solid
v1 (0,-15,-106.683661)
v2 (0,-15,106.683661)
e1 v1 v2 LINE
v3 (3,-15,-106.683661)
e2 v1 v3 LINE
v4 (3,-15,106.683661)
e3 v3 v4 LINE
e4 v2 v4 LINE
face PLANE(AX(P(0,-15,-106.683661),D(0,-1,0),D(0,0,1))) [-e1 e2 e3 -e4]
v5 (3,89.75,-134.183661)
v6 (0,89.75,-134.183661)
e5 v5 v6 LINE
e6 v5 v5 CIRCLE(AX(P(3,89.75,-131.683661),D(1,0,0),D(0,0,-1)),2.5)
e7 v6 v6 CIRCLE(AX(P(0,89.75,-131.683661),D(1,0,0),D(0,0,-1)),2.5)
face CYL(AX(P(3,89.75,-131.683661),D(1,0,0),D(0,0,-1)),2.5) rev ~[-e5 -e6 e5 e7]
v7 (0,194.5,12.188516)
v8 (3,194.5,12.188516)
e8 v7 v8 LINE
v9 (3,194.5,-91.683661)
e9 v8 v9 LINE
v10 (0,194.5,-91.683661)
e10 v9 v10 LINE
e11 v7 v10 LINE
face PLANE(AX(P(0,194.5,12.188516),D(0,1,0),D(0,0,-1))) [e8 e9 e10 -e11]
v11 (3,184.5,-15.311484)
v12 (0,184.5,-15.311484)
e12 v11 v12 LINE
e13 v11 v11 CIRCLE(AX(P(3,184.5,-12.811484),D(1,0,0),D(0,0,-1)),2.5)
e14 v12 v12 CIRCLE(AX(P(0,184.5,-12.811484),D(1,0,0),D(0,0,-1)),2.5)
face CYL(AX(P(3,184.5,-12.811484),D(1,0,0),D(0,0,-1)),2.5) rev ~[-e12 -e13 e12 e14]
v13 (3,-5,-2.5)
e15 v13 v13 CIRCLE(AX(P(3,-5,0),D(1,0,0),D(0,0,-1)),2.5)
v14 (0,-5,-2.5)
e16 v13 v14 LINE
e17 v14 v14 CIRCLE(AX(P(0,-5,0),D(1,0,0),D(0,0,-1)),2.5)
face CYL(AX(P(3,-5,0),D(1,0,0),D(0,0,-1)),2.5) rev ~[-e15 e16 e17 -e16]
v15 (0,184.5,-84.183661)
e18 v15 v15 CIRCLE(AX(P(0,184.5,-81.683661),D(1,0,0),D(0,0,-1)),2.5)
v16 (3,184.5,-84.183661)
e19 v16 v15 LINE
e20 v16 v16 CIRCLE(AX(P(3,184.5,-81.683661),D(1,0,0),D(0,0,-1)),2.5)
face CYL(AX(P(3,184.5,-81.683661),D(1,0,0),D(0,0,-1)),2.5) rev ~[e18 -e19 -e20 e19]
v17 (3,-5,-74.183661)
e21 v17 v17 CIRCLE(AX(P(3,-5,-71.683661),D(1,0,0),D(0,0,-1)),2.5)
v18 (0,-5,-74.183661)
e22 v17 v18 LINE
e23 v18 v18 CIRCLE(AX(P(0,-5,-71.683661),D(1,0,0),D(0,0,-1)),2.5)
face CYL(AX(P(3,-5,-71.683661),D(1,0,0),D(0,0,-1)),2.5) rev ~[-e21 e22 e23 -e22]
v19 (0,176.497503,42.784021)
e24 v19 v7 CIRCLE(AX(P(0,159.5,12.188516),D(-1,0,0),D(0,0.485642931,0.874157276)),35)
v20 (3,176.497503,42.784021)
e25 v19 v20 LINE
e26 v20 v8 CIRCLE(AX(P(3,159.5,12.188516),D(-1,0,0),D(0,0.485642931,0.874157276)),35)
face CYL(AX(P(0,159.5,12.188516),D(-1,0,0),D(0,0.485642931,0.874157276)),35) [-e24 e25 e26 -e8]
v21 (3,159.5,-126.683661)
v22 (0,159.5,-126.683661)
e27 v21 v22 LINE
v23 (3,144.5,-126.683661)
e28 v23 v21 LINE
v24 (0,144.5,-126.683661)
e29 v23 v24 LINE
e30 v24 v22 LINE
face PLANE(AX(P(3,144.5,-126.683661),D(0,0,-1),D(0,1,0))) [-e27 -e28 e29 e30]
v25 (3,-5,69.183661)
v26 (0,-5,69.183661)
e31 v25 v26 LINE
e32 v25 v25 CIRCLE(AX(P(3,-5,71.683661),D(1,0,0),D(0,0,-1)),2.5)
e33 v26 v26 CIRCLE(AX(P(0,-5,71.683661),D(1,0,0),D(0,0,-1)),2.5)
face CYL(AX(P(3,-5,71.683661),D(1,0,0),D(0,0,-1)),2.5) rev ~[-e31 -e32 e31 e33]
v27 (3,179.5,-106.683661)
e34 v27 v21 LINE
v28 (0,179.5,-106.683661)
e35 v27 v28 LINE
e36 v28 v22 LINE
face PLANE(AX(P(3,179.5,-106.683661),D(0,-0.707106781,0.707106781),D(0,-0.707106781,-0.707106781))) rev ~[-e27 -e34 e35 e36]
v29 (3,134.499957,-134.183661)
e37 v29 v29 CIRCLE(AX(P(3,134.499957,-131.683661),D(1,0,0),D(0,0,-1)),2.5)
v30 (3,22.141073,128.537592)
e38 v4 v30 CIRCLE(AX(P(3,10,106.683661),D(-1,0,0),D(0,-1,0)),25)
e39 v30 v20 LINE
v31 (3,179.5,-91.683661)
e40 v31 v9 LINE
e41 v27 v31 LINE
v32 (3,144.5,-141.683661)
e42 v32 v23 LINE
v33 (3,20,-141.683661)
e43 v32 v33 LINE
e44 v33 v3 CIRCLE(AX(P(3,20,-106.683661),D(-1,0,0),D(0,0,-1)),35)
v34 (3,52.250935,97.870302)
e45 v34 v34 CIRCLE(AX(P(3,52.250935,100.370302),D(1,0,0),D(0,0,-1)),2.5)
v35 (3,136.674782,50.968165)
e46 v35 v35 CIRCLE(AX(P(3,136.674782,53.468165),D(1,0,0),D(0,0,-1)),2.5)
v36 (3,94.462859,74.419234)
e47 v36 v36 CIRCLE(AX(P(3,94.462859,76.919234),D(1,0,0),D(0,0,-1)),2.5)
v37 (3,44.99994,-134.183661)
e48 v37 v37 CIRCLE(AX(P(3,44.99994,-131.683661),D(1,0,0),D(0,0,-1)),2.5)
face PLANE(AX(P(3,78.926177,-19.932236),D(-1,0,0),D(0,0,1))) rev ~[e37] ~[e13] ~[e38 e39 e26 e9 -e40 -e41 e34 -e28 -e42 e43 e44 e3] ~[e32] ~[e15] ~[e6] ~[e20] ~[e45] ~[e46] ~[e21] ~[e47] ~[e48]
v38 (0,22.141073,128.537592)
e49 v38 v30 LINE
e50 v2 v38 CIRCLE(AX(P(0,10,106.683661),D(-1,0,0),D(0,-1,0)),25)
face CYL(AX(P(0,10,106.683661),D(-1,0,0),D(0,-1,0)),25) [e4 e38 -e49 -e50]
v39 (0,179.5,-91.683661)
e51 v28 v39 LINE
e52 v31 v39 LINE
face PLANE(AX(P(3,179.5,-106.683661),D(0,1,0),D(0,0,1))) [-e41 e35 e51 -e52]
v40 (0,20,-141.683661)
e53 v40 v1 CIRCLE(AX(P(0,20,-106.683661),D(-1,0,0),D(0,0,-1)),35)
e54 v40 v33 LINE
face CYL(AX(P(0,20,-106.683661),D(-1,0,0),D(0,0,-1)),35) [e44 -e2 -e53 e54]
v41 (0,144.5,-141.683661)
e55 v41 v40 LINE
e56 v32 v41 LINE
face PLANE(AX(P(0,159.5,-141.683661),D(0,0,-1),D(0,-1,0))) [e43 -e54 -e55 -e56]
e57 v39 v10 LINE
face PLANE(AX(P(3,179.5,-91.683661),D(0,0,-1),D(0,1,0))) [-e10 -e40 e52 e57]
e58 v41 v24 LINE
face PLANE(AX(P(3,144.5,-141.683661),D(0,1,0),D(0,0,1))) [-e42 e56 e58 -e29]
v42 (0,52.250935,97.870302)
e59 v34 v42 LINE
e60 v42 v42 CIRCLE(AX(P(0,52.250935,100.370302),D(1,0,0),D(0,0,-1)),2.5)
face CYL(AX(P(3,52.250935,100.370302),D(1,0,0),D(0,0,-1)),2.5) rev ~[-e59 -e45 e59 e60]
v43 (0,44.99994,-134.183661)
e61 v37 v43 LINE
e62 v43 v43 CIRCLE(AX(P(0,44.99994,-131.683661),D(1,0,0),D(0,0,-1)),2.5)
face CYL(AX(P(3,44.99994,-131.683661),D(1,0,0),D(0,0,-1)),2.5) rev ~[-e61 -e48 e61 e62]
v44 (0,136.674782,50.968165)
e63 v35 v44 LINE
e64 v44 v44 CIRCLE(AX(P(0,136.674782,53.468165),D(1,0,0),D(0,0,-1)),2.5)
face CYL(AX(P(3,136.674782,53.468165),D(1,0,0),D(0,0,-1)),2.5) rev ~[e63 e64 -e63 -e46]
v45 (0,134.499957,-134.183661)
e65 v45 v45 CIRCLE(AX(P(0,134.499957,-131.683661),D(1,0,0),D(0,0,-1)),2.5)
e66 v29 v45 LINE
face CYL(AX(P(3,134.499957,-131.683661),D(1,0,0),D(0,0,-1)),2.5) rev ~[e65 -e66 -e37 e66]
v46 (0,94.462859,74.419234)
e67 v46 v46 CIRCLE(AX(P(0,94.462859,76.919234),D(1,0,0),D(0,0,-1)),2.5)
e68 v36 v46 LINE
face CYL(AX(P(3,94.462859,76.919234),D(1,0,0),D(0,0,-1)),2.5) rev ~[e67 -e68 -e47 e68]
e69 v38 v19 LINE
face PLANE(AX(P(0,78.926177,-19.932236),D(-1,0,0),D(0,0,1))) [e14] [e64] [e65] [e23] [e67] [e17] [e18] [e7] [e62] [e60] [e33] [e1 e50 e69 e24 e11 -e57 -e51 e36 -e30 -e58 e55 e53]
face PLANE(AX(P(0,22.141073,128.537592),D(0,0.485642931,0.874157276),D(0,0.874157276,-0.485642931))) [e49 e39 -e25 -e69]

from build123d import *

# Parameters (mm, degrees)
BOSS_EXTRUDE1_DEPTH = 3
CUT_EXTRUDE1_REACH  = 242.652
SKETCH2_R           = 2.5
CUT_EXTRUDE2_REACH  = 242.652
CUT_EXTRUDE3_REACH  = 242.652


with BuildPart() as part:
    # Sketch1 → Boss-Extrude1 (new body)
    with BuildSketch(Plane(origin=(0, 0, 0), x_dir=(0, 0, -1), z_dir=(1, 0, 0))):
        with BuildLine():
            Line((-12.188515962, 194.5), (106.683660563, 194.5))
            ThreePointArc((106.683660563, 194.5), (131.432397904, 184.248737342), (141.683660563, 159.5))
            Line((141.683660563, 159.5), (141.683660563, 20))
            ThreePointArc((141.683660563, 20), (131.432397904, -4.748737342), (106.683660563, -15))
            Line((106.683660563, -15), (-106.683660563, -15))
            ThreePointArc((-106.683660563, -15), (-128.230433314, -2.678193247), (-128.537592466, 22.141073279))
            Line((-128.537592466, 22.141073279), (-42.784020626, 176.497502591))
            ThreePointArc((-42.784020626, 176.497502591), (-29.937986507, 189.665481852), (-12.188515962, 194.5))
        make_face()
    extrude(amount=BOSS_EXTRUDE1_DEPTH)

    # Sketch2 → Cut-Extrude1 (cut, up to next)
    with BuildSketch(Plane(origin=(3, 0, 0), x_dir=(0, 0, -1), z_dir=(1, 0, 0)), mode=Mode.PRIVATE) as cut_extrude1_sk1:
        with Locations((81.683660563, 184.5)):
            Circle(SKETCH2_R)
    cut_extrude1_tool1 = extrude(cut_extrude1_sk1.sketch, amount=-CUT_EXTRUDE1_REACH, mode=Mode.PRIVATE) & part.part
    # Sketch2 → Cut-Extrude1 (cut, up to next)
    with BuildSketch(Plane(origin=(3, 0, 0), x_dir=(0, 0, -1), z_dir=(1, 0, 0)), mode=Mode.PRIVATE) as cut_extrude1_sk2:
        with Locations((12.811484038, 184.5)):
            Circle(SKETCH2_R)
    cut_extrude1_tool2 = extrude(cut_extrude1_sk2.sketch, amount=-CUT_EXTRUDE1_REACH, mode=Mode.PRIVATE) & part.part
    # Sketch2 → Cut-Extrude1 (cut, up to next)
    with BuildSketch(Plane(origin=(3, 0, 0), x_dir=(0, 0, -1), z_dir=(1, 0, 0)), mode=Mode.PRIVATE) as cut_extrude1_sk3:
        with Locations((131.683660563, 134.49995686)):
            Circle(SKETCH2_R)
    cut_extrude1_tool3 = extrude(cut_extrude1_sk3.sketch, amount=-CUT_EXTRUDE1_REACH, mode=Mode.PRIVATE) & part.part
    # Sketch2 → Cut-Extrude1 (cut, up to next)
    with BuildSketch(Plane(origin=(3, 0, 0), x_dir=(0, 0, -1), z_dir=(1, 0, 0)), mode=Mode.PRIVATE) as cut_extrude1_sk4:
        with Locations((131.683660563, 89.75)):
            Circle(SKETCH2_R)
    cut_extrude1_tool4 = extrude(cut_extrude1_sk4.sketch, amount=-CUT_EXTRUDE1_REACH, mode=Mode.PRIVATE) & part.part
    # Sketch2 → Cut-Extrude1 (cut, up to next)
    with BuildSketch(Plane(origin=(3, 0, 0), x_dir=(0, 0, -1), z_dir=(1, 0, 0)), mode=Mode.PRIVATE) as cut_extrude1_sk5:
        with Locations((131.683660563, 44.999939605)):
            Circle(SKETCH2_R)
    cut_extrude1_tool5 = extrude(cut_extrude1_sk5.sketch, amount=-CUT_EXTRUDE1_REACH, mode=Mode.PRIVATE) & part.part
    # Sketch2 → Cut-Extrude1 (cut, up to next)
    with BuildSketch(Plane(origin=(3, 0, 0), x_dir=(0, 0, -1), z_dir=(1, 0, 0)), mode=Mode.PRIVATE) as cut_extrude1_sk6:
        with Locations((71.683660563, -5)):
            Circle(SKETCH2_R)
    cut_extrude1_tool6 = extrude(cut_extrude1_sk6.sketch, amount=-CUT_EXTRUDE1_REACH, mode=Mode.PRIVATE) & part.part
    # Sketch2 → Cut-Extrude1 (cut, up to next)
    with BuildSketch(Plane(origin=(3, 0, 0), x_dir=(0, 0, -1), z_dir=(1, 0, 0)), mode=Mode.PRIVATE) as cut_extrude1_sk7:
        with Locations((0, -5)):
            Circle(SKETCH2_R)
    cut_extrude1_tool7 = extrude(cut_extrude1_sk7.sketch, amount=-CUT_EXTRUDE1_REACH, mode=Mode.PRIVATE) & part.part
    # Sketch2 → Cut-Extrude1 (cut, up to next)
    with BuildSketch(Plane(origin=(3, 0, 0), x_dir=(0, 0, -1), z_dir=(1, 0, 0)), mode=Mode.PRIVATE) as cut_extrude1_sk8:
        with Locations((-71.683660563, -5)):
            Circle(SKETCH2_R)
    cut_extrude1_tool8 = extrude(cut_extrude1_sk8.sketch, amount=-CUT_EXTRUDE1_REACH, mode=Mode.PRIVATE) & part.part
    # Sketch2 → Cut-Extrude1 (cut, up to next)
    with BuildSketch(Plane(origin=(3, 0, 0), x_dir=(0, 0, -1), z_dir=(1, 0, 0)), mode=Mode.PRIVATE) as cut_extrude1_sk9:
        with Locations((-100.370302458, 52.250935013)):
            Circle(SKETCH2_R)
    cut_extrude1_tool9 = extrude(cut_extrude1_sk9.sketch, amount=-CUT_EXTRUDE1_REACH, mode=Mode.PRIVATE) & part.part
    # Sketch2 → Cut-Extrude1 (cut, up to next)
    with BuildSketch(Plane(origin=(3, 0, 0), x_dir=(0, 0, -1), z_dir=(1, 0, 0)), mode=Mode.PRIVATE) as cut_extrude1_sk10:
        with Locations((-76.919233785, 94.462858624)):
            Circle(SKETCH2_R)
    cut_extrude1_tool10 = extrude(cut_extrude1_sk10.sketch, amount=-CUT_EXTRUDE1_REACH, mode=Mode.PRIVATE) & part.part
    # Sketch2 → Cut-Extrude1 (cut, up to next)
    with BuildSketch(Plane(origin=(3, 0, 0), x_dir=(0, 0, -1), z_dir=(1, 0, 0)), mode=Mode.PRIVATE) as cut_extrude1_sk11:
        with Locations((-53.468165112, 136.674782235)):
            Circle(SKETCH2_R)
    cut_extrude1_tool11 = extrude(cut_extrude1_sk11.sketch, amount=-CUT_EXTRUDE1_REACH, mode=Mode.PRIVATE) & part.part
    add(cut_extrude1_tool1.solids().sort_by_distance((3, 184.5, -81.683661))[0], mode=Mode.SUBTRACT)
    add(cut_extrude1_tool2.solids().sort_by_distance((3, 184.5, -12.811484))[0], mode=Mode.SUBTRACT)
    add(cut_extrude1_tool3.solids().sort_by_distance((3, 134.499957, -131.683661))[0], mode=Mode.SUBTRACT)
    add(cut_extrude1_tool4.solids().sort_by_distance((3, 89.75, -131.683661))[0], mode=Mode.SUBTRACT)
    add(cut_extrude1_tool5.solids().sort_by_distance((3, 44.99994, -131.683661))[0], mode=Mode.SUBTRACT)
    add(cut_extrude1_tool6.solids().sort_by_distance((3, -5, -71.683661))[0], mode=Mode.SUBTRACT)
    add(cut_extrude1_tool7.solids().sort_by_distance((3, -5, 0))[0], mode=Mode.SUBTRACT)
    add(cut_extrude1_tool8.solids().sort_by_distance((3, -5, 71.683661))[0], mode=Mode.SUBTRACT)
    add(cut_extrude1_tool9.solids().sort_by_distance((3, 52.250935, 100.370302))[0], mode=Mode.SUBTRACT)
    add(cut_extrude1_tool10.solids().sort_by_distance((3, 94.462859, 76.919234))[0], mode=Mode.SUBTRACT)
    add(cut_extrude1_tool11.solids().sort_by_distance((3, 136.674782, 53.468165))[0], mode=Mode.SUBTRACT)

    # Sketch4 → Cut-Extrude2 (cut, up to next)
    with BuildSketch(Plane(origin=(3, 0, 0), x_dir=(0, 0, -1), z_dir=(1, 0, 0)), mode=Mode.PRIVATE) as cut_extrude2_sk1:
        with BuildLine():
            Line((141.683660563, 144.5), (126.683660563, 144.5))
            Line((126.683660563, 144.5), (126.683660563, 159.5))
            ThreePointArc((126.683660563, 159.5), (120.825796187, 173.642135624), (106.683660563, 179.5))
            Line((106.683660563, 179.5), (91.683660563, 179.5))
            Line((91.683660563, 179.5), (91.683660563, 194.5))
            Line((91.683660563, 194.5), (141.683660563, 194.5))
            Line((141.683660563, 194.5), (141.683660563, 144.5))
        make_face()
    cut_extrude2_tool1 = extrude(cut_extrude2_sk1.sketch, amount=-CUT_EXTRUDE2_REACH, mode=Mode.PRIVATE) & part.part
    add(cut_extrude2_tool1.solids().sort_by_distance((3, 176.600336, -123.783996))[0], mode=Mode.SUBTRACT)

    # Sketch5 → Cut-Extrude3 (cut, up to next)
    with BuildSketch(Plane(origin=(3, 0, 0), x_dir=(0, 0, -1), z_dir=(1, 0, 0)), mode=Mode.PRIVATE) as cut_extrude3_sk1:
        with BuildLine():
            Line((106.683660563, 179.5), (126.683660563, 159.5))
            ThreePointArc((126.683660563, 159.5), (120.825796187, 173.642135624), (106.683660563, 179.5))
        make_face()
    cut_extrude3_tool1 = extrude(cut_extrude3_sk1.sketch, amount=-CUT_EXTRUDE3_REACH, mode=Mode.PRIVATE) & part.part
    add(cut_extrude3_tool1.solids().sort_by_distance((3, 171.179589, -118.36325))[0], mode=Mode.SUBTRACT)


solid = part.part
